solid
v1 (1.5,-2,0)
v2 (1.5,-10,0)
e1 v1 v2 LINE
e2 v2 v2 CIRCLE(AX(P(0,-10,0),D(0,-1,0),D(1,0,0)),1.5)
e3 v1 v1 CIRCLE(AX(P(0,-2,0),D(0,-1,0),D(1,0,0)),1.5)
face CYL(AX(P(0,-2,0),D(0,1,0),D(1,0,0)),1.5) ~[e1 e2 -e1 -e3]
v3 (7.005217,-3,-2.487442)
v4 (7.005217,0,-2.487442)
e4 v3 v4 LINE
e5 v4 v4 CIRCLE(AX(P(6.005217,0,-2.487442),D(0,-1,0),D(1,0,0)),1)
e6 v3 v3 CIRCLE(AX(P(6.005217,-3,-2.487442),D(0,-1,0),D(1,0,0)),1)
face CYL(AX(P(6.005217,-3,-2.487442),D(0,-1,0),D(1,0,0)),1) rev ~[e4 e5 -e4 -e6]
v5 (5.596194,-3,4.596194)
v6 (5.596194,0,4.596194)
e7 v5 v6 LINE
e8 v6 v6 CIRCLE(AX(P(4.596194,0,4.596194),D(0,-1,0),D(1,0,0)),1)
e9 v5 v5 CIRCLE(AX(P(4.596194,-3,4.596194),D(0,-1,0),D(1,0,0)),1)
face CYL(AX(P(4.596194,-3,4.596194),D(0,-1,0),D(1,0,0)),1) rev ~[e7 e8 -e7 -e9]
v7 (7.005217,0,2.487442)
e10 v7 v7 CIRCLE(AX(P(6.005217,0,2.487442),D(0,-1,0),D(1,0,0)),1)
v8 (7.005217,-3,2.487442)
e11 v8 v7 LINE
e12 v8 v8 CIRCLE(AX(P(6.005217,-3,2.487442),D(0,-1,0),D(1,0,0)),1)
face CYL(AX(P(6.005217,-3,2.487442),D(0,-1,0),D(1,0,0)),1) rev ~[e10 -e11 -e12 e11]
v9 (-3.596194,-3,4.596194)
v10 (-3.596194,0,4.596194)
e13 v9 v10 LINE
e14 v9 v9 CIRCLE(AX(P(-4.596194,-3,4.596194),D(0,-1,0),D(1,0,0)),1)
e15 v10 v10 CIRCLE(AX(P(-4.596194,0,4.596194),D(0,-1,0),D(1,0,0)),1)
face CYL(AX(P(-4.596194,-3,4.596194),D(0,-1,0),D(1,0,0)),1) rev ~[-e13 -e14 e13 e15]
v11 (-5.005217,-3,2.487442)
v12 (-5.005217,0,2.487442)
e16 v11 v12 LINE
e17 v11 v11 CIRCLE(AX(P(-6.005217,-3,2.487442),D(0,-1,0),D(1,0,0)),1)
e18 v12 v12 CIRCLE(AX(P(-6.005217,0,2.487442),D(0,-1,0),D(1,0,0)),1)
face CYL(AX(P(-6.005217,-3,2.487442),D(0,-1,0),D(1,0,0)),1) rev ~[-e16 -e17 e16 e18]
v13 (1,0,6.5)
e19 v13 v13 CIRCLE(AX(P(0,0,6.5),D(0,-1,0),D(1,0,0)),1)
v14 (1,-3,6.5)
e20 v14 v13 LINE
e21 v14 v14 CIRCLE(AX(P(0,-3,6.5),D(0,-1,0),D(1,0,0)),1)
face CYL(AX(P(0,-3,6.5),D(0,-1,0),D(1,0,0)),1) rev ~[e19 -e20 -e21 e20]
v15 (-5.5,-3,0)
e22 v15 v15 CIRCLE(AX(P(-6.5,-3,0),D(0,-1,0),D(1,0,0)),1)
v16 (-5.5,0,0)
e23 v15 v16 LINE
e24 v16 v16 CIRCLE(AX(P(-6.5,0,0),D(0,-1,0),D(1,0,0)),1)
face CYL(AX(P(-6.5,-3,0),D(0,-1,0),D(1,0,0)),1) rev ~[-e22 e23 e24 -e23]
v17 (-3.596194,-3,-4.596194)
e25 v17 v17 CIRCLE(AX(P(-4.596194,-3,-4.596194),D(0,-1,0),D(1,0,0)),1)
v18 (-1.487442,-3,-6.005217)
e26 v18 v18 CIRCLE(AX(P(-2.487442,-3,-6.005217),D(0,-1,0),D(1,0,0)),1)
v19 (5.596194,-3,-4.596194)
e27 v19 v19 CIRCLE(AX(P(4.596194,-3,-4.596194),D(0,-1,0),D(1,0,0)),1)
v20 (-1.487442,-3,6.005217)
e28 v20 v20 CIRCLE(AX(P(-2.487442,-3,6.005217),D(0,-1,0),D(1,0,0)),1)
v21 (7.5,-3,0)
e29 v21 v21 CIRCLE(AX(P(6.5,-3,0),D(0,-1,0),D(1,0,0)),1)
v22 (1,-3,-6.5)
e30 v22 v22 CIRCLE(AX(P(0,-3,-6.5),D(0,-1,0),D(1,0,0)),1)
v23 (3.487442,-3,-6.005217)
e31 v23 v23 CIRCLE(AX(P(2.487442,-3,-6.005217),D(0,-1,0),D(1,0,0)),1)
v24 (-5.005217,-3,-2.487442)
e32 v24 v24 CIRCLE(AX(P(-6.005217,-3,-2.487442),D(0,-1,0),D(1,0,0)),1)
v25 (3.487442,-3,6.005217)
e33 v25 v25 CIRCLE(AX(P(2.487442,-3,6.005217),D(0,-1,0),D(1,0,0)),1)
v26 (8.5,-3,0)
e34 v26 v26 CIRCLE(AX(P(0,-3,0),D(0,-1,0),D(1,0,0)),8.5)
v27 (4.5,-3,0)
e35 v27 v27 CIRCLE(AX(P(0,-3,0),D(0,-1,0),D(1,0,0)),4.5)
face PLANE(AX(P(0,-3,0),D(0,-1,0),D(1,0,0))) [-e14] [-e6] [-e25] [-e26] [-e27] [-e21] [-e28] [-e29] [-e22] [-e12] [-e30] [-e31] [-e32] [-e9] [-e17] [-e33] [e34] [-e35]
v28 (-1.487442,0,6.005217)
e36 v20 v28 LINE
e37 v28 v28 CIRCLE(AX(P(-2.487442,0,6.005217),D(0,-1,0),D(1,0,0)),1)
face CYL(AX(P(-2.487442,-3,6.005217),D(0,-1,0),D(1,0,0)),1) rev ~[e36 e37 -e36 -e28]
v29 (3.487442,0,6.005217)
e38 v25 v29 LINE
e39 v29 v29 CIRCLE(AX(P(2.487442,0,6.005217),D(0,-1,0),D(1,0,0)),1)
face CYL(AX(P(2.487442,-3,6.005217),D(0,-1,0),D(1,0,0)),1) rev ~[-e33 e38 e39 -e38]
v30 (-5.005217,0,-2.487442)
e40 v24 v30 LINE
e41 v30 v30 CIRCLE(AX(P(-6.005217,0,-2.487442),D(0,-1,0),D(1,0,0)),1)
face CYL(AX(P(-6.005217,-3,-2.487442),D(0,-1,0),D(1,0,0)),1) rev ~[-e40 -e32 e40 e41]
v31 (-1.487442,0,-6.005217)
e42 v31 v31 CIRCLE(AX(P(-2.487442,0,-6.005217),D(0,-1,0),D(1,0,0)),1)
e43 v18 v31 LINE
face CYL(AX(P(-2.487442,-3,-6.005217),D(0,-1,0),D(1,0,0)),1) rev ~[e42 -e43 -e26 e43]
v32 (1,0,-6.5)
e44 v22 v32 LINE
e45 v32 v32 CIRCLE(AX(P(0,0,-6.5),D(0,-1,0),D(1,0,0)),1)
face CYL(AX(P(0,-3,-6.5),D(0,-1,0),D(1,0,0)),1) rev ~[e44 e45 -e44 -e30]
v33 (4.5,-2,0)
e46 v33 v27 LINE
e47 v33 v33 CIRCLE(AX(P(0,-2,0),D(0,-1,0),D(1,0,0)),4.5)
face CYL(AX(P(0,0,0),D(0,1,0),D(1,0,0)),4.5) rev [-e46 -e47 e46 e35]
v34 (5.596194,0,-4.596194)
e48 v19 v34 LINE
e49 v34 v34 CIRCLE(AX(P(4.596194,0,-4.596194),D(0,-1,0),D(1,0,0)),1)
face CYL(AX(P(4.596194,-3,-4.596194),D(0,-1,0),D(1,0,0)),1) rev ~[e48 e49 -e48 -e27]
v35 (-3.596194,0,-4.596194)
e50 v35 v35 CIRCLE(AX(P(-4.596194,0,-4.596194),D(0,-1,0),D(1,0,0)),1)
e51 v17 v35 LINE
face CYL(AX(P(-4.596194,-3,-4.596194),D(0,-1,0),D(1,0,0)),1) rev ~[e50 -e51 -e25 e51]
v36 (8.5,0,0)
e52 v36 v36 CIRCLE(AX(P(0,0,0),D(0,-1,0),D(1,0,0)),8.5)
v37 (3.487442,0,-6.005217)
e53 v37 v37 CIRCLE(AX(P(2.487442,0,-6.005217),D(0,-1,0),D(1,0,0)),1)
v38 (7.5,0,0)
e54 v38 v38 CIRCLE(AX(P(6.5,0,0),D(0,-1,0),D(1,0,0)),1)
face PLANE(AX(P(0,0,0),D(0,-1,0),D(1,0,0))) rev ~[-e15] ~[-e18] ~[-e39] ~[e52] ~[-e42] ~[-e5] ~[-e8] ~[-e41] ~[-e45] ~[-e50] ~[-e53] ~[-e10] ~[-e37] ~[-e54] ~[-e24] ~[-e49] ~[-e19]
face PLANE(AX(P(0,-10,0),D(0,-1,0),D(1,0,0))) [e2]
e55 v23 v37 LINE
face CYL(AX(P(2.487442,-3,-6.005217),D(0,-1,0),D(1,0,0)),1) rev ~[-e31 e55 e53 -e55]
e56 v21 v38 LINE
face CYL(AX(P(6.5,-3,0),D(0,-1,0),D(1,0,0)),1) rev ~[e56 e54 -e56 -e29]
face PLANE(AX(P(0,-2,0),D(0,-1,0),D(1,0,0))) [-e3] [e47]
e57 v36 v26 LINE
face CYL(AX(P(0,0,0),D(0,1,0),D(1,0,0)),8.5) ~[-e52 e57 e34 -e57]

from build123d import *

# Parameters (mm, degrees)
F0_R     = 8.5
F0_R_2   = 4.5
F1_DEPTH = 3
F2_R     = 1
F3_DEPTH = 5
F4_R     = 4.5
F5_DEPTH = 2
F6_R     = 1.5
F7_DEPTH = 8


with BuildPart() as f1:
    # F0 (on Front) → F1 (new body)
    with BuildSketch(Plane.XZ):
        Circle(F0_R)
        Circle(F0_R_2, mode=Mode.SUBTRACT)
    extrude(amount=F1_DEPTH)

    # F2 (on face) → F3 (cut)
    with BuildSketch(Plane.XZ.offset(3)):
        with Locations((0, 6.5)):
            Circle(F2_R)
        with Locations((2.487442, 6.005217)):
            Circle(F2_R)
        with Locations((4.596194, 4.596194)):
            Circle(F2_R)
        with Locations((6.005217, 2.487442)):
            Circle(F2_R)
        with Locations((6.5, 0)):
            Circle(F2_R)
        with Locations((6.005217, -2.487442)):
            Circle(F2_R)
        with Locations((4.596194, -4.596194)):
            Circle(F2_R)
        with Locations((2.487442, -6.005217)):
            Circle(F2_R)
        with Locations((0, -6.5)):
            Circle(F2_R)
        with Locations((-2.487442, -6.005217)):
            Circle(F2_R)
        with Locations((-4.596194, -4.596194)):
            Circle(F2_R)
        with Locations((-6.005217, -2.487442)):
            Circle(F2_R)
        with Locations((-6.5, 0)):
            Circle(F2_R)
        with Locations((-6.005217, 2.487442)):
            Circle(F2_R)
        with Locations((-4.596194, 4.596194)):
            Circle(F2_R)
        with Locations((-2.487442, 6.005217)):
            Circle(F2_R)
    extrude(amount=-F3_DEPTH, mode=Mode.SUBTRACT)

    # F4 (on Front) → F5 (join)
    with BuildSketch(Plane.XZ):
        Circle(F4_R)
    extrude(amount=F5_DEPTH)

    # F6 (on face) → F7 (join)
    with BuildSketch(Plane.XZ.offset(2)):
        Circle(F6_R)
    extrude(amount=F7_DEPTH)


solid = f1.part
